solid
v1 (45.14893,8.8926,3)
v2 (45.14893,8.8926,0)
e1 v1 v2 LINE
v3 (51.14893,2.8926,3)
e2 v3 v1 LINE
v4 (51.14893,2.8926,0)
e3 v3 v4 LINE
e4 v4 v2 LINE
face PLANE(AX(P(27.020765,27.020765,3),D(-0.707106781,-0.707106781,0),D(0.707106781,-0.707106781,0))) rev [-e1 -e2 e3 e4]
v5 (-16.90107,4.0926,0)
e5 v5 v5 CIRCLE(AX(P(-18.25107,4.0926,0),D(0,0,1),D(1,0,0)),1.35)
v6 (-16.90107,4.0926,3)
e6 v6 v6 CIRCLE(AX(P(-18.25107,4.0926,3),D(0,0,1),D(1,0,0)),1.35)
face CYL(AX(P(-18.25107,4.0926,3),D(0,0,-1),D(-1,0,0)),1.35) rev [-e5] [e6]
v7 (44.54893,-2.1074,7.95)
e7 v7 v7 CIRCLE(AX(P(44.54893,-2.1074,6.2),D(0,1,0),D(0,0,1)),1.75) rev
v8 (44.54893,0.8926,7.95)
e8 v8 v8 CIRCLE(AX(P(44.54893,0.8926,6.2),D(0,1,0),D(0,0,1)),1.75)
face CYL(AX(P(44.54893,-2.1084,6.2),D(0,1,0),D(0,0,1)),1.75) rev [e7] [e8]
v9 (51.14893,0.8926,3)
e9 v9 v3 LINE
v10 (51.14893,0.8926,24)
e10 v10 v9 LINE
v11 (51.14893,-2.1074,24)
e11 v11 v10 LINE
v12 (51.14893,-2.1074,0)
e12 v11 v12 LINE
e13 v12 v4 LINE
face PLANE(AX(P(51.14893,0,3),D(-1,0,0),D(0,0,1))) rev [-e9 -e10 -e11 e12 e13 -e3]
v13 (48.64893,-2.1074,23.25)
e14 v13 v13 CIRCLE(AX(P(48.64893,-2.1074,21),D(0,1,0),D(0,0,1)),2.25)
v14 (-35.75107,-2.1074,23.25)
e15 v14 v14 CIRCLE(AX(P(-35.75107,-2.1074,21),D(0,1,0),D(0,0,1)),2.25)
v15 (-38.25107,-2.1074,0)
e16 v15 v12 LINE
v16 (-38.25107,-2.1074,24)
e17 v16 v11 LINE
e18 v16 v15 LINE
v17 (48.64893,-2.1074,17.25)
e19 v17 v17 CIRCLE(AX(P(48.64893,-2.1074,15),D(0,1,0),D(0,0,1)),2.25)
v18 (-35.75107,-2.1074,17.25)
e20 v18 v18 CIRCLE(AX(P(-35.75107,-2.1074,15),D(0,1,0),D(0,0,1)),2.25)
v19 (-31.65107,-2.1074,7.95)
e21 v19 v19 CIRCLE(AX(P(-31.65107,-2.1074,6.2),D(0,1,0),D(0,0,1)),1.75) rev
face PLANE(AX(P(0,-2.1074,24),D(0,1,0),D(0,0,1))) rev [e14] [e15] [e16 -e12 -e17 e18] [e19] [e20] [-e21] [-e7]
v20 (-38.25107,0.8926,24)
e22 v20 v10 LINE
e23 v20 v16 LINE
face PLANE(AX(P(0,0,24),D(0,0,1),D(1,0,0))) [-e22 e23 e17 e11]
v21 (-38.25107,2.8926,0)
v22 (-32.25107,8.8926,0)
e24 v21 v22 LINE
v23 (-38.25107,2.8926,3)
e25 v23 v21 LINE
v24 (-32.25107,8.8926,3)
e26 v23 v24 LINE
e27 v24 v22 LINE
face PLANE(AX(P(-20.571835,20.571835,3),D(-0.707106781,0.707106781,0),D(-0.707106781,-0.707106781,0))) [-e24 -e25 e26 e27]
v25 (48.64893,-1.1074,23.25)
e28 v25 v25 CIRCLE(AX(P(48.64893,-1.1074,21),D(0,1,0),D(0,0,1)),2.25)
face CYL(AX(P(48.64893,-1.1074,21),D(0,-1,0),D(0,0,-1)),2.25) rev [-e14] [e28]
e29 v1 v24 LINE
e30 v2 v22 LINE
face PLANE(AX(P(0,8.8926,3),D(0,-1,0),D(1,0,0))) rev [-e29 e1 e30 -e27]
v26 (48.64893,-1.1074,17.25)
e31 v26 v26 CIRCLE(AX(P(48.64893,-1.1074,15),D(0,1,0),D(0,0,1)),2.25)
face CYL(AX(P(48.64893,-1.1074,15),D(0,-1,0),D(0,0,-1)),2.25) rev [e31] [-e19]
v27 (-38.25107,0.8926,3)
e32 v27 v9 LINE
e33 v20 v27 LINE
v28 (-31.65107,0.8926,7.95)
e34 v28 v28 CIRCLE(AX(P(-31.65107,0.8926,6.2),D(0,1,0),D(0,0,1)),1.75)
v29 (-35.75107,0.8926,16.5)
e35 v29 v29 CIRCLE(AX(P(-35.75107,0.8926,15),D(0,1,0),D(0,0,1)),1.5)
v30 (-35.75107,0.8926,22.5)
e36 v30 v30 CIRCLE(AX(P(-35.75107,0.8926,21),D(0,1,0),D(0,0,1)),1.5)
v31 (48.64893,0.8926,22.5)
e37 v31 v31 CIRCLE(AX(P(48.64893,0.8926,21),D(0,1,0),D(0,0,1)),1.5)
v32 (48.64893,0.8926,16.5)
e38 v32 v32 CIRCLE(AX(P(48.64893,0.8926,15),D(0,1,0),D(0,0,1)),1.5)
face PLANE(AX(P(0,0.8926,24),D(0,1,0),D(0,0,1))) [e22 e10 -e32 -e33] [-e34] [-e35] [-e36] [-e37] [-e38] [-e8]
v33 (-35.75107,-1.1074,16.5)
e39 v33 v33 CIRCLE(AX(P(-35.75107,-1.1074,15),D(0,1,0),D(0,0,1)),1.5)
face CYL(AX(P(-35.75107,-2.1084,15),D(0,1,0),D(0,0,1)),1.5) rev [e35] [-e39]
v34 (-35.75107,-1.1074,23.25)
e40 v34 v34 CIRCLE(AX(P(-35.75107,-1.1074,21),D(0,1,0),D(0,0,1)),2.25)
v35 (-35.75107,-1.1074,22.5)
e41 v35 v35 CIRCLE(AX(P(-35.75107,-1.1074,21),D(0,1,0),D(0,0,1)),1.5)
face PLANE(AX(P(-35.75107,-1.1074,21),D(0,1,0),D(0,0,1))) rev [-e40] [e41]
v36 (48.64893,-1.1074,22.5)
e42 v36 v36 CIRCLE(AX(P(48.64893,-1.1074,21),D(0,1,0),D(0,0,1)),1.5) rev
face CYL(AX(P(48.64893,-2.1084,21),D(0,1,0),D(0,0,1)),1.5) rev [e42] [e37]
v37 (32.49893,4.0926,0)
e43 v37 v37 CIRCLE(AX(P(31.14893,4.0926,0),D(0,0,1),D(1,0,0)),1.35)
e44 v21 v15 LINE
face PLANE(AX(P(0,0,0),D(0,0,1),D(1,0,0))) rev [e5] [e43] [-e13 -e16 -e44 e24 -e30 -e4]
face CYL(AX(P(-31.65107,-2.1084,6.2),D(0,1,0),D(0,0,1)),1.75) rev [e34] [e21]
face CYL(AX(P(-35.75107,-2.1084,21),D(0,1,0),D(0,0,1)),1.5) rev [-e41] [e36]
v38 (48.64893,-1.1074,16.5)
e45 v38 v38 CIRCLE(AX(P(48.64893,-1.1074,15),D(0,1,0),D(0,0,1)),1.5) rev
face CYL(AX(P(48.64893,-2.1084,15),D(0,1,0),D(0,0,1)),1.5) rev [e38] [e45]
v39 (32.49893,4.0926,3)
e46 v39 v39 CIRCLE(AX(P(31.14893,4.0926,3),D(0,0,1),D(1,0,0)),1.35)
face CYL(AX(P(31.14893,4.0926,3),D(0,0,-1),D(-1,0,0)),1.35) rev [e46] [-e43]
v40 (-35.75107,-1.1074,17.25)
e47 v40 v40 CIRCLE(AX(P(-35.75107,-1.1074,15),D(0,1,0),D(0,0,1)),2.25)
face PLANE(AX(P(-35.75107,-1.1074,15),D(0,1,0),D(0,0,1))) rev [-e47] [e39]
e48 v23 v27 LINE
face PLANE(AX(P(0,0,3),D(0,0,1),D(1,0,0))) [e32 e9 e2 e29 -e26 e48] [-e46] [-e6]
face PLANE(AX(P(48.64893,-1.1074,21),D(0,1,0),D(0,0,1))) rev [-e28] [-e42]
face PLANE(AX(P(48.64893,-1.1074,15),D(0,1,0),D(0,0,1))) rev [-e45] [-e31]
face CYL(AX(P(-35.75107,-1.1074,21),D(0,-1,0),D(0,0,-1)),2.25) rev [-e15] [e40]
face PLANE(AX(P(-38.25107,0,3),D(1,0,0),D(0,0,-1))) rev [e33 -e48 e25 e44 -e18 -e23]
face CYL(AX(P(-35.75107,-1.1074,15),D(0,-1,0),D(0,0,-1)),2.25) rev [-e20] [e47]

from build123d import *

# Parameters (mm, degrees)
SKETCH1_R           = 1.35
BOSS_EXTRUDE1_DEPTH = 3
SKETCH1_3_W         = 89.4
SKETCH1_3_H         = 3
BOSS_EXTRUDE2_DEPTH = 24
CUT_EXTRUDE1_REACH  = 5
SKETCH3_R           = 1.5
SKETCH3_R_2         = 1.75
CUT_EXTRUDE2_START  = -3
SKETCH3_5_R         = 2.25
SKETCH3_5_R_2       = 1.5
CUT_EXTRUDE2_DEPTH  = 1


with BuildPart() as part:
    # Sketch1 → Boss-Extrude1 (new body)
    with BuildSketch(Plane.XY):
        Polygon((-32.2510699, 8.892599614), (-38.2510699, 2.892599614), (-38.2510699, 0.892599614), (51.1489301, 0.892599614), (51.1489301, 2.892599614), (45.1489301, 8.892599614), align=None)
        with Locations((-18.2510699, 4.092599614)):
            Circle(SKETCH1_R, mode=Mode.SUBTRACT)
        with Locations((31.1489301, 4.092599614)):
            Circle(SKETCH1_R, mode=Mode.SUBTRACT)
    extrude(amount=BOSS_EXTRUDE1_DEPTH)

    # Sketch1<3> → Boss-Extrude2 (add)
    with BuildSketch(Plane.XY):
        with Locations((6.4489301, -0.607400386)):
            Rectangle(SKETCH1_3_W, SKETCH1_3_H)
    extrude(amount=BOSS_EXTRUDE2_DEPTH)

    # Sketch3 → Cut-Extrude1 (cut, up to next)
    with BuildSketch(Plane(origin=(0, 0.892599614, 0), x_dir=(1, 0, 0), z_dir=(0, 1, 0)), mode=Mode.PRIVATE) as cut_extrude1_sk1:
        with Locations((48.6489301, -15)):
            Circle(SKETCH3_R)
    cut_extrude1_tool1 = extrude(cut_extrude1_sk1.sketch, amount=-CUT_EXTRUDE1_REACH, mode=Mode.PRIVATE) & part.part
    add(cut_extrude1_tool1.solids().sort_by_distance((48.64893, 0.8926, 15))[0], mode=Mode.SUBTRACT)
    # Sketch3 → Cut-Extrude1 (cut, up to next)
    with BuildSketch(Plane(origin=(0, 0.892599614, 0), x_dir=(1, 0, 0), z_dir=(0, 1, 0)), mode=Mode.PRIVATE) as cut_extrude1_sk2:
        with Locations((48.6489301, -21)):
            Circle(SKETCH3_R)
    cut_extrude1_tool2 = extrude(cut_extrude1_sk2.sketch, amount=-CUT_EXTRUDE1_REACH, mode=Mode.PRIVATE) & part.part
    add(cut_extrude1_tool2.solids().sort_by_distance((48.64893, 0.8926, 21))[0], mode=Mode.SUBTRACT)
    # Sketch3 → Cut-Extrude1 (cut, up to next)
    with BuildSketch(Plane(origin=(0, 0.892599614, 0), x_dir=(1, 0, 0), z_dir=(0, 1, 0)), mode=Mode.PRIVATE) as cut_extrude1_sk3:
        with Locations((-35.7510699, -15)):
            Circle(SKETCH3_R)
    cut_extrude1_tool3 = extrude(cut_extrude1_sk3.sketch, amount=-CUT_EXTRUDE1_REACH, mode=Mode.PRIVATE) & part.part
    add(cut_extrude1_tool3.solids().sort_by_distance((-35.75107, 0.8926, 15))[0], mode=Mode.SUBTRACT)
    # Sketch3 → Cut-Extrude1 (cut, up to next)
    with BuildSketch(Plane(origin=(0, 0.892599614, 0), x_dir=(1, 0, 0), z_dir=(0, 1, 0)), mode=Mode.PRIVATE) as cut_extrude1_sk4:
        with Locations((-35.7510699, -21)):
            Circle(SKETCH3_R)
    cut_extrude1_tool4 = extrude(cut_extrude1_sk4.sketch, amount=-CUT_EXTRUDE1_REACH, mode=Mode.PRIVATE) & part.part
    add(cut_extrude1_tool4.solids().sort_by_distance((-35.75107, 0.8926, 21))[0], mode=Mode.SUBTRACT)
    # Sketch3 → Cut-Extrude1 (cut, up to next)
    with BuildSketch(Plane(origin=(0, 0.892599614, 0), x_dir=(1, 0, 0), z_dir=(0, 1, 0)), mode=Mode.PRIVATE) as cut_extrude1_sk5:
        with Locations((44.5489301, -6.2)):
            Circle(SKETCH3_R_2)
    cut_extrude1_tool5 = extrude(cut_extrude1_sk5.sketch, amount=-CUT_EXTRUDE1_REACH, mode=Mode.PRIVATE) & part.part
    add(cut_extrude1_tool5.solids().sort_by_distance((44.54893, 0.8926, 6.2))[0], mode=Mode.SUBTRACT)
    # Sketch3 → Cut-Extrude1 (cut, up to next)
    with BuildSketch(Plane(origin=(0, 0.892599614, 0), x_dir=(1, 0, 0), z_dir=(0, 1, 0)), mode=Mode.PRIVATE) as cut_extrude1_sk6:
        with Locations((-31.6510699, -6.2)):
            Circle(SKETCH3_R_2)
    cut_extrude1_tool6 = extrude(cut_extrude1_sk6.sketch, amount=-CUT_EXTRUDE1_REACH, mode=Mode.PRIVATE) & part.part
    add(cut_extrude1_tool6.solids().sort_by_distance((-31.65107, 0.8926, 6.2))[0], mode=Mode.SUBTRACT)

    # Sketch3<5> → Cut-Extrude2 (cut)
    with BuildSketch(Plane(origin=(0, 0.892599614, 0), x_dir=(1, 0, 0), z_dir=(0, 1, 0)).offset(CUT_EXTRUDE2_START)):
        with Locations((-35.7510699, -15)):
            Circle(SKETCH3_5_R)
        with Locations((-35.7510699, -15)):
            Circle(SKETCH3_5_R_2, mode=Mode.SUBTRACT)
        with Locations((-35.7510699, -21)):
            Circle(SKETCH3_5_R)
        with Locations((-35.7510699, -21)):
            Circle(SKETCH3_5_R_2, mode=Mode.SUBTRACT)
        with Locations((48.6489301, -15)):
            Circle(SKETCH3_5_R)
        with Locations((48.6489301, -21)):
            Circle(SKETCH3_5_R)
    extrude(amount=CUT_EXTRUDE2_DEPTH, mode=Mode.SUBTRACT)


solid = part.part
